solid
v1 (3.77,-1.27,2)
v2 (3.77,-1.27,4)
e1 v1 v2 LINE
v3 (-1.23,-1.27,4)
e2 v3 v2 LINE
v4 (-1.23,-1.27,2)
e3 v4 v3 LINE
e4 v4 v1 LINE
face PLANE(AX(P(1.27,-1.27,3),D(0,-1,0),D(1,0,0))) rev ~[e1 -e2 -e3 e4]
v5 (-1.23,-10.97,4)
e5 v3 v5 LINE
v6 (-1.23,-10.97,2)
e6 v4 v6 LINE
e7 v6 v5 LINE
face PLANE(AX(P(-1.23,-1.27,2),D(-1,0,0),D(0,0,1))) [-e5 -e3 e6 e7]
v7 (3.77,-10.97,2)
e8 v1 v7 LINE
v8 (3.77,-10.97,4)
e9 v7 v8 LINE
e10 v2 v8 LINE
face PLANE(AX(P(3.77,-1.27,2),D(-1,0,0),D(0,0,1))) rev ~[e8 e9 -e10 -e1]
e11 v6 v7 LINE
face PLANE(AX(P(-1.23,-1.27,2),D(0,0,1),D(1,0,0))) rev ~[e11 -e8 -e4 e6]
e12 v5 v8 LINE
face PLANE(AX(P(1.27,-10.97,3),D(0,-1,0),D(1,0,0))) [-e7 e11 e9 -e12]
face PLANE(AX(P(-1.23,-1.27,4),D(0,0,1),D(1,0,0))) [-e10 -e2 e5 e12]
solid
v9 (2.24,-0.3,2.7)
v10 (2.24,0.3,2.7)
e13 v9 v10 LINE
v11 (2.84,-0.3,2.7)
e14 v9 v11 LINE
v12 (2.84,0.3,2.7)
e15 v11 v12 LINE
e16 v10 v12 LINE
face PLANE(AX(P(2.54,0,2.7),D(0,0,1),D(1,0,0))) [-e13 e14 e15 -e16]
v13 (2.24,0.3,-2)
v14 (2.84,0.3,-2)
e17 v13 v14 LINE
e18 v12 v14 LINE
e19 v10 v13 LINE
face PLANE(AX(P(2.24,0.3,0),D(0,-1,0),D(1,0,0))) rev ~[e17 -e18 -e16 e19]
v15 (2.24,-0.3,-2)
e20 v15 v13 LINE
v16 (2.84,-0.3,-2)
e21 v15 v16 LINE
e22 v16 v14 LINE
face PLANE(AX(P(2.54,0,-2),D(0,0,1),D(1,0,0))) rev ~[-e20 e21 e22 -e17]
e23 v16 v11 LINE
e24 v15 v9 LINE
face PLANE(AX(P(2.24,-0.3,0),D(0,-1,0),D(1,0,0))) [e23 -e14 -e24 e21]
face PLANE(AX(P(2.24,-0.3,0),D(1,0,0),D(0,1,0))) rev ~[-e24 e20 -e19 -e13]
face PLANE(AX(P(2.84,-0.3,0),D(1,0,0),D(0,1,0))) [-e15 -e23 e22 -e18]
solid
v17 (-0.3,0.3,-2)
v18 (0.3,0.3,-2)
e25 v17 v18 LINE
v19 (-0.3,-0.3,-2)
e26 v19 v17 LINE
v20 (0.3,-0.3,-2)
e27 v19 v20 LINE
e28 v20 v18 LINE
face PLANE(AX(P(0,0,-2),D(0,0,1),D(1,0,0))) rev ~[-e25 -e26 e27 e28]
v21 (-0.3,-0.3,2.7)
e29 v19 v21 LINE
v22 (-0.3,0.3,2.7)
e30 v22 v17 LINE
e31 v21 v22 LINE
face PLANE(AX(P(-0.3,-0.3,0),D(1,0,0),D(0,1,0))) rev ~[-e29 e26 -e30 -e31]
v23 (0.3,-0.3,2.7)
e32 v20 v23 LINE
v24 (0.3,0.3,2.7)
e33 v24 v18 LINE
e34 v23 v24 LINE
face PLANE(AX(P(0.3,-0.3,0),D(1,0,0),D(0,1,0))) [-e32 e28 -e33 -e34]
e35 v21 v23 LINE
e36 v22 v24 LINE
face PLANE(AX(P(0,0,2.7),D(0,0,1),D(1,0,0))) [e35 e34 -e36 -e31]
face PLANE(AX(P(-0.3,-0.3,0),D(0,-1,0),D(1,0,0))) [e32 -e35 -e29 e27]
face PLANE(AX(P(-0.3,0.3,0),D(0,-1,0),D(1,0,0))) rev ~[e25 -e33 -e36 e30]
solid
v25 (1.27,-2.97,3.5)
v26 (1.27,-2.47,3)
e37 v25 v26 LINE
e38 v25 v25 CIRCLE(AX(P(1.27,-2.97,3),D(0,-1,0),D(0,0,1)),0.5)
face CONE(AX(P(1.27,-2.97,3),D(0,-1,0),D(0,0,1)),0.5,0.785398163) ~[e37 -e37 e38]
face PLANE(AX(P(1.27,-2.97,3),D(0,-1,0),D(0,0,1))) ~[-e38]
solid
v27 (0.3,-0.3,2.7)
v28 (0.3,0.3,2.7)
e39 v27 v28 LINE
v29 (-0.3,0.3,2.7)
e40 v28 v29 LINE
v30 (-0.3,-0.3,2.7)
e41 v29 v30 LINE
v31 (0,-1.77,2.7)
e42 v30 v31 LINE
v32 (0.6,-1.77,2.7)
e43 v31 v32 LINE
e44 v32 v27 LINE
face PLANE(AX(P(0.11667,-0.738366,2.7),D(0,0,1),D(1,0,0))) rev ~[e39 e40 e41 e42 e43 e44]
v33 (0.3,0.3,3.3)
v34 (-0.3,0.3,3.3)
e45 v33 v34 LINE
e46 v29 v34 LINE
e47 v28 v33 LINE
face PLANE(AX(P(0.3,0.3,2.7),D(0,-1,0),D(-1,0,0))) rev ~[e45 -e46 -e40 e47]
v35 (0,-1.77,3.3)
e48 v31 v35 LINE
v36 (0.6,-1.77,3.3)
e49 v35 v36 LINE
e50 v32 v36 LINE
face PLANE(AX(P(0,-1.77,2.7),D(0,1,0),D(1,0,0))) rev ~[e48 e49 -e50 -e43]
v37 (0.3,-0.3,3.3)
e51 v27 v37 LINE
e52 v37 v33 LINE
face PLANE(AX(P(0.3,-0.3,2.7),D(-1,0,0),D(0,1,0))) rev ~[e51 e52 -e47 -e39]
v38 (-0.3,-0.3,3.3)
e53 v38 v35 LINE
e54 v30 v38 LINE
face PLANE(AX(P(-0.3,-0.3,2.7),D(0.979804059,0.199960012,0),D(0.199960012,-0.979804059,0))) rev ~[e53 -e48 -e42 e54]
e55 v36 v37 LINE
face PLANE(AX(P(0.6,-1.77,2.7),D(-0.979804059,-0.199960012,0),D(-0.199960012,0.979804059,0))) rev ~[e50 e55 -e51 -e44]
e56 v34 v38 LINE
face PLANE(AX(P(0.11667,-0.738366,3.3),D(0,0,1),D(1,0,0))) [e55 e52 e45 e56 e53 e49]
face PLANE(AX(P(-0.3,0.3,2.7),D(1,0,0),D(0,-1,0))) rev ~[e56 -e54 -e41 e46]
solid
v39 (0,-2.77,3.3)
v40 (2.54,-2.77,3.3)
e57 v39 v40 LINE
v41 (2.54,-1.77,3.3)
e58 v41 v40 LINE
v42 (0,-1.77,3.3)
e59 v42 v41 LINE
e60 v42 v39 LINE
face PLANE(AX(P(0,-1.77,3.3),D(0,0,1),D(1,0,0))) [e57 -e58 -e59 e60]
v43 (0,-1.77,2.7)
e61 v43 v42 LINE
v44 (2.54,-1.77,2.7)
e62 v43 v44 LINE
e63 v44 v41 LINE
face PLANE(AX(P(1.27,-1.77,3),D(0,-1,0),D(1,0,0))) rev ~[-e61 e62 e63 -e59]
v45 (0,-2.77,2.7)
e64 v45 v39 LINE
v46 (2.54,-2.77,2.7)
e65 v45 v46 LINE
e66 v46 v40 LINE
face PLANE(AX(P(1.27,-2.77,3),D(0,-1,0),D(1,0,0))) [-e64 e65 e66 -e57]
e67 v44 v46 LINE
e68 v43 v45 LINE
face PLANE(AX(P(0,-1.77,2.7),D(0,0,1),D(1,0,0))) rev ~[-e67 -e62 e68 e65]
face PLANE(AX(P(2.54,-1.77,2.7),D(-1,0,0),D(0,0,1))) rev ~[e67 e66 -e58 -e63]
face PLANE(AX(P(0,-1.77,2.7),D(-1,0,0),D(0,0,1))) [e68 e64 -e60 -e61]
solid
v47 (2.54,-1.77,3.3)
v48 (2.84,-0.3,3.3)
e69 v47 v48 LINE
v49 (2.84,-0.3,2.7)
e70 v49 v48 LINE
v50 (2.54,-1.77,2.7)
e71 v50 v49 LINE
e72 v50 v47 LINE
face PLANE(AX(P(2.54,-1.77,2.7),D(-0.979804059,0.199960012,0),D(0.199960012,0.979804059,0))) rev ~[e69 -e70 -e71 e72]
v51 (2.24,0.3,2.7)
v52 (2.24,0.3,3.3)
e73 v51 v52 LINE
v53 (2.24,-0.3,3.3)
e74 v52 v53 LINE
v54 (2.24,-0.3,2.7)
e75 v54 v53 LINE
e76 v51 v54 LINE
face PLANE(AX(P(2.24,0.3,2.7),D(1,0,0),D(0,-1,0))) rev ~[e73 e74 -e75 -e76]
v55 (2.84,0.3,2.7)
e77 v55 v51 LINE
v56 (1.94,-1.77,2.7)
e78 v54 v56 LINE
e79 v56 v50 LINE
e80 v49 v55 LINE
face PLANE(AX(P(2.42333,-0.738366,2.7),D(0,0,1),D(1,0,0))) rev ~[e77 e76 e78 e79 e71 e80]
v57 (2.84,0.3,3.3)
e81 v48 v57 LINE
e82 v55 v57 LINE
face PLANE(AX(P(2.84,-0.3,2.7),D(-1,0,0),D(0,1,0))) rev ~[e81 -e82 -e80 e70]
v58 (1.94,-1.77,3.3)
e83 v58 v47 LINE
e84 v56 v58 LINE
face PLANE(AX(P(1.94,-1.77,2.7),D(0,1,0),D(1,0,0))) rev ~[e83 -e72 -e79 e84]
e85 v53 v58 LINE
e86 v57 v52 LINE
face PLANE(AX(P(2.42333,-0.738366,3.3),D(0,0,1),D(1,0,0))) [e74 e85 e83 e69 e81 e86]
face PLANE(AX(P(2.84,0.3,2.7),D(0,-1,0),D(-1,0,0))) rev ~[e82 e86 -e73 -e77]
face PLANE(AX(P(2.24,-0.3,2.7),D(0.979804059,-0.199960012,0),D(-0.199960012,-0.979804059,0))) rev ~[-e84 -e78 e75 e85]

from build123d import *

# Parameters (mm, degrees)
SKETCH_W       = 0.6
SKETCH_H       = 0.6
PAD_DEPTH      = 2.7
PAD_DEPTH_BACK = 2
PAD001_DEPTH   = 0.6
SKETCH002_W    = 2.54
SKETCH002_H    = 0.6
PAD002_DEPTH   = 1
SKETCH004_W    = 5
SKETCH004_H    = 2
PAD003_DEPTH   = 9.7


with BuildPart() as pad:
    # Sketch → Pad (new body, two sides)
    with BuildSketch(Plane.XY) as pad_sk:
        Rectangle(SKETCH_W, SKETCH_H)
        with Locations((2.54, 0)):
            Rectangle(SKETCH_W, SKETCH_H)
    extrude(amount=PAD_DEPTH)
    extrude(pad_sk.sketch, amount=-PAD_DEPTH_BACK)


with BuildPart() as pad001:
    # Sketch001 → Pad001 (new body)
    with BuildSketch(Plane.XY.offset(2.7)):
        Polygon((0.3, 0.3), (-0.3, 0.3), (-0.3, -0.3), (0, -1.77), (0.6, -1.77), (0.3, -0.3), align=None)
        Polygon((2.84, 0.3), (2.24, 0.3), (2.24, -0.3), (1.94, -1.77), (2.54, -1.77), (2.84, -0.3), align=None)
    extrude(amount=PAD001_DEPTH)


with BuildPart() as pad002:
    # Sketch002 → Pad002 (new body)
    with BuildSketch(Plane.XZ.offset(1.77)):
        with Locations((1.27, 3)):
            Rectangle(SKETCH002_W, SKETCH002_H)
    extrude(amount=PAD002_DEPTH)


with BuildPart() as pad003:
    # Sketch004 → Pad003 (new body)
    with BuildSketch(Plane.XZ.offset(1.27)):
        with Locations((1.27, 3)):
            Rectangle(SKETCH004_W, SKETCH004_H)
    extrude(amount=PAD003_DEPTH)


with BuildPart() as revolution001:
    # Sketch005 → Revolution001 (revolve)
    with BuildSketch(Plane.YZ.offset(1.27)):
        Polygon((-2.47, 3), (-2.97, 3), (-2.97, 3.5), align=None)
    revolve(axis=Axis((1.27, -3.977201, 3), (0, -1, 0)))


solid = Compound([pad.part, pad001.part, pad002.part, pad003.part, revolution001.part])
